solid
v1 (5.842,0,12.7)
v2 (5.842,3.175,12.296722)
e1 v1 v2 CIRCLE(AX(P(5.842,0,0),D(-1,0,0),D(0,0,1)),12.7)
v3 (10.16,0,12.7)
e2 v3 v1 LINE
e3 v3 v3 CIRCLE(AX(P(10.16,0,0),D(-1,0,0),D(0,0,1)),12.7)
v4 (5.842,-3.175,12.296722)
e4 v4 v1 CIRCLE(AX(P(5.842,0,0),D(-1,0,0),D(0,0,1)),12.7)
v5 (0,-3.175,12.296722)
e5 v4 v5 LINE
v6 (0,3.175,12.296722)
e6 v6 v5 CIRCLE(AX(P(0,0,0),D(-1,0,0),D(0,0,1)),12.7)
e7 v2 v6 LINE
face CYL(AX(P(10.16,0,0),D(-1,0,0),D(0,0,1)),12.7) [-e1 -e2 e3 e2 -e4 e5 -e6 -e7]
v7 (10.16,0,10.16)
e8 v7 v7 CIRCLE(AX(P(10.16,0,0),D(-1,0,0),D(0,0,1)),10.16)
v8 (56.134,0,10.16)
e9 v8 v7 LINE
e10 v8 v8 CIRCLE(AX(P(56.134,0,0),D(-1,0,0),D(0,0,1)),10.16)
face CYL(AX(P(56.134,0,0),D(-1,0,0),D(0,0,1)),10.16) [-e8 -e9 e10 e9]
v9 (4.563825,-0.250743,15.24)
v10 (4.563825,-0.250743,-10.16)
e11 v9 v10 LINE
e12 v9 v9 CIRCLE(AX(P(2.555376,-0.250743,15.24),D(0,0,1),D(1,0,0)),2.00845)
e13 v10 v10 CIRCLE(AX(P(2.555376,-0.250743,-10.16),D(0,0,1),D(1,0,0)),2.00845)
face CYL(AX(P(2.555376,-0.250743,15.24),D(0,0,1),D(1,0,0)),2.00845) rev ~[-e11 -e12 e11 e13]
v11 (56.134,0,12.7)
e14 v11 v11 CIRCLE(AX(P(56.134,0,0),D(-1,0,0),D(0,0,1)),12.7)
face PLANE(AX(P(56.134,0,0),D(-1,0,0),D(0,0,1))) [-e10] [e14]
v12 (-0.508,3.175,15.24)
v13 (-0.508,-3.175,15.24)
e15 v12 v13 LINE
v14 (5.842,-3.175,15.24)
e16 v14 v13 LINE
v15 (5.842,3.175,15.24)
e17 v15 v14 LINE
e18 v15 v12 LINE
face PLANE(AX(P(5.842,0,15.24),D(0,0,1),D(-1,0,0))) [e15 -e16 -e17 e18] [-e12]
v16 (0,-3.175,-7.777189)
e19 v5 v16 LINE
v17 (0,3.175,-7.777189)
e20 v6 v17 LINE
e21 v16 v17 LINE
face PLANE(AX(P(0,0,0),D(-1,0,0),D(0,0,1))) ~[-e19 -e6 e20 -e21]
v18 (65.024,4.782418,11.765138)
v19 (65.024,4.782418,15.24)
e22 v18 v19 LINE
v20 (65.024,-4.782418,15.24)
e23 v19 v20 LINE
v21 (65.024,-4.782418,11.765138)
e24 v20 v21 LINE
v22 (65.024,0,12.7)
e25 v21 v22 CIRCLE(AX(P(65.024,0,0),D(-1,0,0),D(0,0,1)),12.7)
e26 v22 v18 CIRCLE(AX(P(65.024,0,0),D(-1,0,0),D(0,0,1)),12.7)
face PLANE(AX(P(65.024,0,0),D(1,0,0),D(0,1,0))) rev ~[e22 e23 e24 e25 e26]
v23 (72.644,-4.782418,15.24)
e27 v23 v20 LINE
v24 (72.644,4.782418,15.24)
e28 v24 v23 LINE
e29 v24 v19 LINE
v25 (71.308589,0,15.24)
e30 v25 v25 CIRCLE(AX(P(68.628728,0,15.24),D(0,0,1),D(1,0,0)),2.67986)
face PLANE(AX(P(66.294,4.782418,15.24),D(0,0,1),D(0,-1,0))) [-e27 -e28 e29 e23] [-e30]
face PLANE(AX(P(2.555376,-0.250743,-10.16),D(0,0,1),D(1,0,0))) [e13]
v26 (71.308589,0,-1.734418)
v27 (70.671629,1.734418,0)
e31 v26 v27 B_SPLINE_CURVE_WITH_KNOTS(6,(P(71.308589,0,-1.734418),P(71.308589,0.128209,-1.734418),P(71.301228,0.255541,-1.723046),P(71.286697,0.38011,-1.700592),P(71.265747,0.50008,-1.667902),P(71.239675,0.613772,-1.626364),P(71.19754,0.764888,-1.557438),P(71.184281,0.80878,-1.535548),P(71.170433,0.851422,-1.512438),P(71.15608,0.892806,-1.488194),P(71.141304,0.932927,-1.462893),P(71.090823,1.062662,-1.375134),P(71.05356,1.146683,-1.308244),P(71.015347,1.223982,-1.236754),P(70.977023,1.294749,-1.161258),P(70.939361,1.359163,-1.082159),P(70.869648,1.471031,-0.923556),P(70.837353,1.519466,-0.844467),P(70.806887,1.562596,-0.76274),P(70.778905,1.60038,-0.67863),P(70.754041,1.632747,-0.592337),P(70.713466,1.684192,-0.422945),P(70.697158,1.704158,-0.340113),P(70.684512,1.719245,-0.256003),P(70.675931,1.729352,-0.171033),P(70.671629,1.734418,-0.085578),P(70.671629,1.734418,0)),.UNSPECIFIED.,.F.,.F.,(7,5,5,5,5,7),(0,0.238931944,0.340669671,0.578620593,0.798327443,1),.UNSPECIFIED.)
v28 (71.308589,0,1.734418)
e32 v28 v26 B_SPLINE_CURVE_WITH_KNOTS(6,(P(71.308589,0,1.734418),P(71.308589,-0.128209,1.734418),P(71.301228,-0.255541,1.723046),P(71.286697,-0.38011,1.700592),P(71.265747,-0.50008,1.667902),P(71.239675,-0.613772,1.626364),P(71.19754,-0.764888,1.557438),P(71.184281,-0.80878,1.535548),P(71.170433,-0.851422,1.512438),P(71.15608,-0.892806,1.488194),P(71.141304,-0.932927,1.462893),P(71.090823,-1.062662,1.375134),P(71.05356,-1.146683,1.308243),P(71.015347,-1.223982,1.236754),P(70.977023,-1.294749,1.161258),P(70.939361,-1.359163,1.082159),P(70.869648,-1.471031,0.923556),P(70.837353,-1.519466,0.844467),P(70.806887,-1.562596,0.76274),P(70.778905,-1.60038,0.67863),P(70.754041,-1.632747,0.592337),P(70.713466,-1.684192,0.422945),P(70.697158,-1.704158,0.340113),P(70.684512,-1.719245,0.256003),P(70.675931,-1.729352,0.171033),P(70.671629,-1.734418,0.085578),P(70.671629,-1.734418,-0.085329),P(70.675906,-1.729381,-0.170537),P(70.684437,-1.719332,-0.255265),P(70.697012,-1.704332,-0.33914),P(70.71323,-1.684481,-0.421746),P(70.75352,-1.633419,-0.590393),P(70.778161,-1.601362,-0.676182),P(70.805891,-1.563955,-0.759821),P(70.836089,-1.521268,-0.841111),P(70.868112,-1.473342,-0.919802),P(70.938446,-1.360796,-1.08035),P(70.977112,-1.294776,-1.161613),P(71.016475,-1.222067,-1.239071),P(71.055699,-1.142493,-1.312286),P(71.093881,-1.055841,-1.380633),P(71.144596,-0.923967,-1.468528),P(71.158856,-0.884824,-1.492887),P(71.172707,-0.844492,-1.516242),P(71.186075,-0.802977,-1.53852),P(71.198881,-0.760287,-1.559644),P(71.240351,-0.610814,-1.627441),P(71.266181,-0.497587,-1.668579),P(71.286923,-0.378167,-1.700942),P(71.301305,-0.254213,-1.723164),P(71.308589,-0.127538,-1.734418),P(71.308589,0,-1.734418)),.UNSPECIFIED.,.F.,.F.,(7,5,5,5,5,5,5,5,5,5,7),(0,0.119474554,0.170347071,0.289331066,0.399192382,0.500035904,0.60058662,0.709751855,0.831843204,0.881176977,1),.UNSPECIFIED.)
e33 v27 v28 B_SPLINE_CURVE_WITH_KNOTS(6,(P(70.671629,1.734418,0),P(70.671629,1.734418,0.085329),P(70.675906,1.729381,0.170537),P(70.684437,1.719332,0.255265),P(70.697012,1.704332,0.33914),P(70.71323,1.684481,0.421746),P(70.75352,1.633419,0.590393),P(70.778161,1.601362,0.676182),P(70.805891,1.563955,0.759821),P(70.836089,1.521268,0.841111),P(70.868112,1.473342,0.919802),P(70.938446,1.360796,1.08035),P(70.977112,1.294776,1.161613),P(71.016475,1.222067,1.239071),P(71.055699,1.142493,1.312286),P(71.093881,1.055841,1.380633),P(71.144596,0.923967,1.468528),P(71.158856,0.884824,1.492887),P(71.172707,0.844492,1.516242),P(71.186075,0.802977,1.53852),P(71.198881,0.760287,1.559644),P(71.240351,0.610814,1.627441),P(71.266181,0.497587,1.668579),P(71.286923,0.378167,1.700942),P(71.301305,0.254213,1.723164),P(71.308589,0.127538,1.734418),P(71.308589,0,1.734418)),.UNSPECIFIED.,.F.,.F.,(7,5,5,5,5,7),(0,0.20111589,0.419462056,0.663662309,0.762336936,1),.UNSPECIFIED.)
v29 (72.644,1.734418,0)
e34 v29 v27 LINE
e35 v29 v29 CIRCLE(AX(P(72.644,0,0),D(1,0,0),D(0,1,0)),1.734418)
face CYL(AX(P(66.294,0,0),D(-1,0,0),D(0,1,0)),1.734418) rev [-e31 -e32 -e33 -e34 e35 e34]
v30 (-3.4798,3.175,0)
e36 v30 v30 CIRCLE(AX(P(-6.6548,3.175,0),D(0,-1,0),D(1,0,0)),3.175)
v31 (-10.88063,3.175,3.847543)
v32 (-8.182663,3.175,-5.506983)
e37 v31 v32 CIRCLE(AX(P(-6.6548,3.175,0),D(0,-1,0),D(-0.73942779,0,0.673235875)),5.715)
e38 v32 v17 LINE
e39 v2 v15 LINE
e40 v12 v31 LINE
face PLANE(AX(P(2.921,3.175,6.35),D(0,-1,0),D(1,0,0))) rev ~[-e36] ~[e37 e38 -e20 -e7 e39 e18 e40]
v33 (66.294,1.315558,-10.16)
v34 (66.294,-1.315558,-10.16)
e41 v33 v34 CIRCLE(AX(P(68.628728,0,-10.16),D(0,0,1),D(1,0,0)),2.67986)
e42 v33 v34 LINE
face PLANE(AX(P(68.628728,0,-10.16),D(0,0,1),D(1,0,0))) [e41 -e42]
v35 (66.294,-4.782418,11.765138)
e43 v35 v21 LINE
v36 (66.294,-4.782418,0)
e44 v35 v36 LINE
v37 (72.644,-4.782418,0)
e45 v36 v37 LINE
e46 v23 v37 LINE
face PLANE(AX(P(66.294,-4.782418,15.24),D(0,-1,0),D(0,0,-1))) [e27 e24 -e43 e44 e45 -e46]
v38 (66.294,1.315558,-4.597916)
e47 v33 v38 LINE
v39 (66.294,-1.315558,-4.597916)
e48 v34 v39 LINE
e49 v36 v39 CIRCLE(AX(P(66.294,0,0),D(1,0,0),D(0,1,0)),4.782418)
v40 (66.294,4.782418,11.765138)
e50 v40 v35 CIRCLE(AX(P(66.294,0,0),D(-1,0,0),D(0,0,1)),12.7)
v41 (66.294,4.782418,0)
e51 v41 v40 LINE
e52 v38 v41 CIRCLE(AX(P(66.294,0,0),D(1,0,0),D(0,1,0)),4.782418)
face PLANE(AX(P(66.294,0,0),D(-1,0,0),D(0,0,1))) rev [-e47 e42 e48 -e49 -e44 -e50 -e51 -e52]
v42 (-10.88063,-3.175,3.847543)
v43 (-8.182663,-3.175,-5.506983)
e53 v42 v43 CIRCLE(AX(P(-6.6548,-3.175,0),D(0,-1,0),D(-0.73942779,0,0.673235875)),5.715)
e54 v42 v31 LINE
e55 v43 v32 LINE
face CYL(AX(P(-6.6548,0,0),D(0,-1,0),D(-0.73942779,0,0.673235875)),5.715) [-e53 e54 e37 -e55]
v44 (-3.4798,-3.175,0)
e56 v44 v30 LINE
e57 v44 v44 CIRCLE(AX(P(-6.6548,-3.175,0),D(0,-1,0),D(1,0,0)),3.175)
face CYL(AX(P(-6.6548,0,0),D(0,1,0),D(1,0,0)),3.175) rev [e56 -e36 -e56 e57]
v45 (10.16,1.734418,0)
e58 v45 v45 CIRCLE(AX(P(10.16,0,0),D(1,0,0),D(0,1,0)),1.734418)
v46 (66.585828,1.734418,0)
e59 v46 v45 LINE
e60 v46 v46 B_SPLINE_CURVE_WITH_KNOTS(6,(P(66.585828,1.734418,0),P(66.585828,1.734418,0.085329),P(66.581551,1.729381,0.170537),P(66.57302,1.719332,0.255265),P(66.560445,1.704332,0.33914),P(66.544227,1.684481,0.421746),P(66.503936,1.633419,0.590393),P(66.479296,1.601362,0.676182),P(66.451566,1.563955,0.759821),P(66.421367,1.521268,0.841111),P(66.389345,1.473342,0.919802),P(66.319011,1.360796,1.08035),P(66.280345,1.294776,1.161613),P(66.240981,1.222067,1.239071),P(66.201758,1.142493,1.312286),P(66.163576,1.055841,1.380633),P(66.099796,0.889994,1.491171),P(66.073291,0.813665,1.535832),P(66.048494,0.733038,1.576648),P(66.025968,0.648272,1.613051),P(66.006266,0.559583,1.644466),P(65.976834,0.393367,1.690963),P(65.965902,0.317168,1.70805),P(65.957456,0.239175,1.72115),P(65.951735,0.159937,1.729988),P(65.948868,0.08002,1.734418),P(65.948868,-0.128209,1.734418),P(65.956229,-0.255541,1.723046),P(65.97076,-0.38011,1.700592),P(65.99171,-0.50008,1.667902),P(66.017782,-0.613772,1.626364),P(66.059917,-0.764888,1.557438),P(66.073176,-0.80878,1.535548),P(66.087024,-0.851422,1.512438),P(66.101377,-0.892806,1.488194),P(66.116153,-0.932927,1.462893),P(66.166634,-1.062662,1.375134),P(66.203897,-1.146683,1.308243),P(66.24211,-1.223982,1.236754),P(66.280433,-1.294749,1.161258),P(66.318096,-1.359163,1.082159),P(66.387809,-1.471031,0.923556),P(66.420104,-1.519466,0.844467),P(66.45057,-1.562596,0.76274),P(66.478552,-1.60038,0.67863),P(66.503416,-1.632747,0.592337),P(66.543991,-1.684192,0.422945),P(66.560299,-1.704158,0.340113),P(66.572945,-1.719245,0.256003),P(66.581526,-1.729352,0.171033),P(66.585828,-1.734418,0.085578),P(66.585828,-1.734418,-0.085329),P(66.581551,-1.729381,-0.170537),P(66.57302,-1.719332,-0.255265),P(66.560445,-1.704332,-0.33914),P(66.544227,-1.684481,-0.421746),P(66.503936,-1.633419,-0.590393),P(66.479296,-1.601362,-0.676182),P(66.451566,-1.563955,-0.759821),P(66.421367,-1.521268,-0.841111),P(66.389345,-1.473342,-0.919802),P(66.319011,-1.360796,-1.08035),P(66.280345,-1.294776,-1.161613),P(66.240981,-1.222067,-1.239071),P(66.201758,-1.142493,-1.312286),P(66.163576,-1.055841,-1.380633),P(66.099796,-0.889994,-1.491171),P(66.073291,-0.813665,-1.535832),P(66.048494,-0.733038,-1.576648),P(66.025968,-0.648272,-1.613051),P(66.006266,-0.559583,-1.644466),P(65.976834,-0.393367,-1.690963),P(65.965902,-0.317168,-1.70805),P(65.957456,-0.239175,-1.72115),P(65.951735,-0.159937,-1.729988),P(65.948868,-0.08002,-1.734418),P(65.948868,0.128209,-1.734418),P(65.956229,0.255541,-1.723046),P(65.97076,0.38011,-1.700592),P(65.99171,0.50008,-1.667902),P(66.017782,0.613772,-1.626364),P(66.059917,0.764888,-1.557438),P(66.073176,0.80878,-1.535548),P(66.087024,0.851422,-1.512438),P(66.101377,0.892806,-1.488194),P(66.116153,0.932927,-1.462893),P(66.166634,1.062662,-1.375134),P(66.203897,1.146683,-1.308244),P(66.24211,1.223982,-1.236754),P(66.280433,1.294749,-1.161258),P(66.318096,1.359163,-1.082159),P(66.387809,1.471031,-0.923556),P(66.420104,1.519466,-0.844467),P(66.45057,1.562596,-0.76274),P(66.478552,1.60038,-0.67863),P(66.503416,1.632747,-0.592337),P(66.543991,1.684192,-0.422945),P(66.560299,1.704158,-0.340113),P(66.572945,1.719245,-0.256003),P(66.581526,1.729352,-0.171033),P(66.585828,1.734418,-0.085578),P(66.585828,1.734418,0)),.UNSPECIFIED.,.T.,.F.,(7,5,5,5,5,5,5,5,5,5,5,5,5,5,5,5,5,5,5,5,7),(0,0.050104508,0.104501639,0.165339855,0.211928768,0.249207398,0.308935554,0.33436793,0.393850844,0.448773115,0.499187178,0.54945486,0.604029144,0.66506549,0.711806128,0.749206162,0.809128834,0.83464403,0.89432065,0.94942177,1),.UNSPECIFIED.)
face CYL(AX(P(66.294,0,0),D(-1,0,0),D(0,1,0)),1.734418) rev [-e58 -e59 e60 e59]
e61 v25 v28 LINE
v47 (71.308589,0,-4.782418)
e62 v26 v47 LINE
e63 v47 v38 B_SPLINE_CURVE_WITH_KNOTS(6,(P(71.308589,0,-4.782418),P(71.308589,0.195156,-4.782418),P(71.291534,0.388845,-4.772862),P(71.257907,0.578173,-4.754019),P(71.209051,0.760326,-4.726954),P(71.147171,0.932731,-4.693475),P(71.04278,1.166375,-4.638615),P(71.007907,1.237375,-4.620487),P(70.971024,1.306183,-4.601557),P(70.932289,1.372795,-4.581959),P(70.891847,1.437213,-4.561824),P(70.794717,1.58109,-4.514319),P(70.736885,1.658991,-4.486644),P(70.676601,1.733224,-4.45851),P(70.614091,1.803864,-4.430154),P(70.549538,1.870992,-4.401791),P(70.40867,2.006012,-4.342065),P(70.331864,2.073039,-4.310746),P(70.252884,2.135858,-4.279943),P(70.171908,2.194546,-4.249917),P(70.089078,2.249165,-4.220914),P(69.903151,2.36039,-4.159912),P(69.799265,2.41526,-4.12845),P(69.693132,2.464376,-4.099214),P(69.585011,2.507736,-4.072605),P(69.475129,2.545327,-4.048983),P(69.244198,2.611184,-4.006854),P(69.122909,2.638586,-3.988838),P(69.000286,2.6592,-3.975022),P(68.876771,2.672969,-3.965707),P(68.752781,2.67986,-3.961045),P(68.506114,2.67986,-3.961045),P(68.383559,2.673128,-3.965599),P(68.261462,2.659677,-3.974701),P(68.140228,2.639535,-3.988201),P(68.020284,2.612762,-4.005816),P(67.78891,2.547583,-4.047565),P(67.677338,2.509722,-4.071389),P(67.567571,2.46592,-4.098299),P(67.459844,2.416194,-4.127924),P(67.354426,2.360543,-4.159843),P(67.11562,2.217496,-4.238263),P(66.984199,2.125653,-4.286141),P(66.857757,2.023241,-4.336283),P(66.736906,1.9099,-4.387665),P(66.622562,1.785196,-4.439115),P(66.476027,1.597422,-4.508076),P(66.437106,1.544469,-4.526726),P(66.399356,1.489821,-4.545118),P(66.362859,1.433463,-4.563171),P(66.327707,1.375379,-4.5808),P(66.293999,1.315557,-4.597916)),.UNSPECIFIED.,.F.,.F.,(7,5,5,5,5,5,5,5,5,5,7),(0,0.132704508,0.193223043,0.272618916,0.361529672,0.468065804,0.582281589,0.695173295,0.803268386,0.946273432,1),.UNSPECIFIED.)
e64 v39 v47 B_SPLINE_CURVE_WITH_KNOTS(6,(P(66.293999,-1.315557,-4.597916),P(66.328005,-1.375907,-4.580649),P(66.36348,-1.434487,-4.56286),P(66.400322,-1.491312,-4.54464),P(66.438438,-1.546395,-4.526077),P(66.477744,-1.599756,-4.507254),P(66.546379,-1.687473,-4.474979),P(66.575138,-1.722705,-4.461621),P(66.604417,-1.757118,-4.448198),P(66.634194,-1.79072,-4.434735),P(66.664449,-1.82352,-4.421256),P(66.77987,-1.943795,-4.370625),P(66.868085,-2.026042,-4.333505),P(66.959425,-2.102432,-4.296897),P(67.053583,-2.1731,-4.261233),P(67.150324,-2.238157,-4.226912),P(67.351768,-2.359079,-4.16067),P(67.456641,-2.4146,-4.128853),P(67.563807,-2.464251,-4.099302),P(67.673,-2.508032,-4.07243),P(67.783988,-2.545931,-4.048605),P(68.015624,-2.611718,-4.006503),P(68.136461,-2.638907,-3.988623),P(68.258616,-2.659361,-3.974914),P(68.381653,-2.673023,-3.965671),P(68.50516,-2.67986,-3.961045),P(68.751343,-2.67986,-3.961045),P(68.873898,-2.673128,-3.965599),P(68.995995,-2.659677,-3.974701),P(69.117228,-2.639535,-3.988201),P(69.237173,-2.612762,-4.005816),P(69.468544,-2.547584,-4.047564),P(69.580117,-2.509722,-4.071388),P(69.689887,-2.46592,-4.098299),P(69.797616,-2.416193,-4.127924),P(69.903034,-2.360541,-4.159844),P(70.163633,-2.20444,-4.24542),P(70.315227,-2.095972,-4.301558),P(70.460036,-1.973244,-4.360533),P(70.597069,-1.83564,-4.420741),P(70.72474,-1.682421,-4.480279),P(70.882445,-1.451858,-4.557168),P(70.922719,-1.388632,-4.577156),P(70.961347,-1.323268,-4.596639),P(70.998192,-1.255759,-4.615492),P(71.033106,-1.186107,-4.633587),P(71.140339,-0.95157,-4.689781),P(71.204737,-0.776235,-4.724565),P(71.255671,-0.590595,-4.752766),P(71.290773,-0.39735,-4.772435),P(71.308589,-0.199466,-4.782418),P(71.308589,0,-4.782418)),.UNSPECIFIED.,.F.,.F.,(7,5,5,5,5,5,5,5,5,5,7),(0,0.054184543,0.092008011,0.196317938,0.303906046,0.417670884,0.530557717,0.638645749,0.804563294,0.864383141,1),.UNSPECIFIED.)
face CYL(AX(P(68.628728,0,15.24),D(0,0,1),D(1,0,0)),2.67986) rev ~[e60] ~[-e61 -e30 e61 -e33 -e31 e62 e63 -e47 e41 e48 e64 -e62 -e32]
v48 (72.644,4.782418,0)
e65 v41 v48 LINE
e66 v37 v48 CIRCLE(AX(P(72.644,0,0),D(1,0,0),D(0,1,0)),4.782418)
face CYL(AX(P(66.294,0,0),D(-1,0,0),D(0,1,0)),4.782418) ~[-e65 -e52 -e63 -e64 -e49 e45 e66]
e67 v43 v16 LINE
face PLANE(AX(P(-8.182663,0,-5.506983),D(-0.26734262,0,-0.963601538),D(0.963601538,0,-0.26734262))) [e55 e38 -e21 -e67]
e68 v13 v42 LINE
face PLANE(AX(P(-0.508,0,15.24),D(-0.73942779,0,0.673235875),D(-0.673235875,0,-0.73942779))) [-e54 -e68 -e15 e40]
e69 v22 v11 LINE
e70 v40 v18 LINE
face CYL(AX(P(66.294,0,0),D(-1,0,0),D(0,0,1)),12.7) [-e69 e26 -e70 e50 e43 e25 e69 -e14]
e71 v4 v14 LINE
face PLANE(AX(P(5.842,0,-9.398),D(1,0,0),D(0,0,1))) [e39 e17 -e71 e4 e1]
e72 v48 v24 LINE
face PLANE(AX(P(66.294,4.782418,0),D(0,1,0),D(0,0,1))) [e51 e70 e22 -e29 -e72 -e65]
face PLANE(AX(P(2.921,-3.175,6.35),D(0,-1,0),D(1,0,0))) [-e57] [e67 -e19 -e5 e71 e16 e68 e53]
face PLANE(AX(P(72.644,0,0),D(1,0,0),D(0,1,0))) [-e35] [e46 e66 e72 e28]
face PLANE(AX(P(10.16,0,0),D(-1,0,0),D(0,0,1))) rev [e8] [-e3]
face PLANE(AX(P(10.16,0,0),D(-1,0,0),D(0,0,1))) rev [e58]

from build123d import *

# Parameters (mm, degrees)
F0_W          = 5.842
F0_H          = 12.7
F0_R          = 3.175
F2_DEPTH      = 3.175
F3_R          = 1.7344184536
F4_DEPTH      = 6.35
F4_DEPTH_BACK = 1.27
F5_DEPTH      = 56.134
F6_R          = 2.6798601648
F7_DEPTH      = 25.4
F8_R          = 2.0084495131
F9_DEPTH      = 25.4


with BuildPart() as f1:
    # F0 (on Front) → F1 (revolve)
    with BuildSketch(Plane.XZ):
        Polygon((5.842, 12.7), (5.842, 0), (66.294, 0), (66.294, 12.7), (56.134, 12.7), (56.134, 10.16), (10.16, 10.16), (10.16, 12.7), align=None)
        with Locations((2.921, 6.35)):
            Rectangle(F0_W, F0_H)
    revolve(axis=Axis((33.147, 0, 0), (-1, 0, 0)))

    # F0 (on Front) → F2 (join, symmetric)
    with BuildSketch(Plane.XZ):
        with Locations((2.921, 6.35)):
            Rectangle(F0_W, F0_H)
        with BuildLine():
            Line((-0.9398, 0), (0, 0))
            Line((0, 0), (0, 12.7))
            Line((0, 12.7), (5.842, 12.7))
            Line((5.842, 12.7), (5.842, 15.24))
            Line((5.842, 15.24), (-0.508, 15.24))
            Line((-0.508, 15.24), (-10.8806298187, 3.8475430269))
            ThreePointArc((-10.8806298187, 3.8475430269), (-4.5919612295, 5.3297205562), (-0.9398, 0))
        make_face()
        with BuildLine():
            Line((5.842, 0), (0, 0))
            Line((0, 0), (-0.9398, 0))
            ThreePointArc((-0.9398, 0), (-3.1957909266, -4.5493385486), (-8.1826630726, -5.5069827884))
            Line((-8.1826630726, -5.5069827884), (5.842, -9.398))
            Line((5.842, -9.398), (5.842, 0))
        make_face()
        with BuildLine():
            ThreePointArc((-8.1826630726, -5.5069827884), (-3.1957909266, -4.5493385486), (-0.9398, 0))
            ThreePointArc((-0.9398, 0), (-4.5919612295, 5.3297205562), (-10.8806298187, 3.8475430269))
            ThreePointArc((-10.8806298187, 3.8475430269), (-12.1459778134, -1.5837270034), (-8.1826630726, -5.5069827884))
        make_face()
        with Locations((-6.6548, 0)):
            Circle(F0_R, mode=Mode.SUBTRACT)
    extrude(amount=F2_DEPTH, both=True)

    # F3 (on face) → F4 (join, two sides)
    with BuildSketch(Plane.YZ.offset(66.294)) as f4_sk:
        with BuildLine():
            ThreePointArc((-4.7824184536, 0), (0, -4.7824184536), (4.7824184536, 0))
            ThreePointArc((4.7824184536, 0), (0, 4.7824184536), (-4.7824184536, 0))
        make_face()
        Circle(F3_R, mode=Mode.SUBTRACT)
        with BuildLine():
            ThreePointArc((-4.7824184536, 0), (0, 4.7824184536), (4.7824184536, 0))
            Line((4.7824184536, 0), (4.7824184536, 15.24))
            Line((4.7824184536, 15.24), (-4.7824184536, 15.24))
            Line((-4.7824184536, 15.24), (-4.7824184536, 0))
        make_face()
    extrude(amount=F4_DEPTH)
    extrude(f4_sk.sketch, amount=-F4_DEPTH_BACK)

    # F5 (cut, through all): a face of the model
    f5_faces = [f1.faces().sort_by_distance(p)[0] for p in [
        (66.294, 0, 0),
    ]]
    extrude(f5_faces, amount=-F5_DEPTH, mode=Mode.SUBTRACT)

    # F6 (on face) → F7 (cut)
    with BuildSketch(Plane.XY.offset(15.24)):
        with Locations((68.6287283897, 0)):
            Circle(F6_R)
    extrude(amount=-F7_DEPTH, mode=Mode.SUBTRACT)

    # F8 (on face) → F9 (cut)
    with BuildSketch(Plane.XY.offset(15.24)):
        with Locations((2.5553756859, -0.2507429745)):
            Circle(F8_R)
    extrude(amount=-F9_DEPTH, mode=Mode.SUBTRACT)


solid = f1.part
